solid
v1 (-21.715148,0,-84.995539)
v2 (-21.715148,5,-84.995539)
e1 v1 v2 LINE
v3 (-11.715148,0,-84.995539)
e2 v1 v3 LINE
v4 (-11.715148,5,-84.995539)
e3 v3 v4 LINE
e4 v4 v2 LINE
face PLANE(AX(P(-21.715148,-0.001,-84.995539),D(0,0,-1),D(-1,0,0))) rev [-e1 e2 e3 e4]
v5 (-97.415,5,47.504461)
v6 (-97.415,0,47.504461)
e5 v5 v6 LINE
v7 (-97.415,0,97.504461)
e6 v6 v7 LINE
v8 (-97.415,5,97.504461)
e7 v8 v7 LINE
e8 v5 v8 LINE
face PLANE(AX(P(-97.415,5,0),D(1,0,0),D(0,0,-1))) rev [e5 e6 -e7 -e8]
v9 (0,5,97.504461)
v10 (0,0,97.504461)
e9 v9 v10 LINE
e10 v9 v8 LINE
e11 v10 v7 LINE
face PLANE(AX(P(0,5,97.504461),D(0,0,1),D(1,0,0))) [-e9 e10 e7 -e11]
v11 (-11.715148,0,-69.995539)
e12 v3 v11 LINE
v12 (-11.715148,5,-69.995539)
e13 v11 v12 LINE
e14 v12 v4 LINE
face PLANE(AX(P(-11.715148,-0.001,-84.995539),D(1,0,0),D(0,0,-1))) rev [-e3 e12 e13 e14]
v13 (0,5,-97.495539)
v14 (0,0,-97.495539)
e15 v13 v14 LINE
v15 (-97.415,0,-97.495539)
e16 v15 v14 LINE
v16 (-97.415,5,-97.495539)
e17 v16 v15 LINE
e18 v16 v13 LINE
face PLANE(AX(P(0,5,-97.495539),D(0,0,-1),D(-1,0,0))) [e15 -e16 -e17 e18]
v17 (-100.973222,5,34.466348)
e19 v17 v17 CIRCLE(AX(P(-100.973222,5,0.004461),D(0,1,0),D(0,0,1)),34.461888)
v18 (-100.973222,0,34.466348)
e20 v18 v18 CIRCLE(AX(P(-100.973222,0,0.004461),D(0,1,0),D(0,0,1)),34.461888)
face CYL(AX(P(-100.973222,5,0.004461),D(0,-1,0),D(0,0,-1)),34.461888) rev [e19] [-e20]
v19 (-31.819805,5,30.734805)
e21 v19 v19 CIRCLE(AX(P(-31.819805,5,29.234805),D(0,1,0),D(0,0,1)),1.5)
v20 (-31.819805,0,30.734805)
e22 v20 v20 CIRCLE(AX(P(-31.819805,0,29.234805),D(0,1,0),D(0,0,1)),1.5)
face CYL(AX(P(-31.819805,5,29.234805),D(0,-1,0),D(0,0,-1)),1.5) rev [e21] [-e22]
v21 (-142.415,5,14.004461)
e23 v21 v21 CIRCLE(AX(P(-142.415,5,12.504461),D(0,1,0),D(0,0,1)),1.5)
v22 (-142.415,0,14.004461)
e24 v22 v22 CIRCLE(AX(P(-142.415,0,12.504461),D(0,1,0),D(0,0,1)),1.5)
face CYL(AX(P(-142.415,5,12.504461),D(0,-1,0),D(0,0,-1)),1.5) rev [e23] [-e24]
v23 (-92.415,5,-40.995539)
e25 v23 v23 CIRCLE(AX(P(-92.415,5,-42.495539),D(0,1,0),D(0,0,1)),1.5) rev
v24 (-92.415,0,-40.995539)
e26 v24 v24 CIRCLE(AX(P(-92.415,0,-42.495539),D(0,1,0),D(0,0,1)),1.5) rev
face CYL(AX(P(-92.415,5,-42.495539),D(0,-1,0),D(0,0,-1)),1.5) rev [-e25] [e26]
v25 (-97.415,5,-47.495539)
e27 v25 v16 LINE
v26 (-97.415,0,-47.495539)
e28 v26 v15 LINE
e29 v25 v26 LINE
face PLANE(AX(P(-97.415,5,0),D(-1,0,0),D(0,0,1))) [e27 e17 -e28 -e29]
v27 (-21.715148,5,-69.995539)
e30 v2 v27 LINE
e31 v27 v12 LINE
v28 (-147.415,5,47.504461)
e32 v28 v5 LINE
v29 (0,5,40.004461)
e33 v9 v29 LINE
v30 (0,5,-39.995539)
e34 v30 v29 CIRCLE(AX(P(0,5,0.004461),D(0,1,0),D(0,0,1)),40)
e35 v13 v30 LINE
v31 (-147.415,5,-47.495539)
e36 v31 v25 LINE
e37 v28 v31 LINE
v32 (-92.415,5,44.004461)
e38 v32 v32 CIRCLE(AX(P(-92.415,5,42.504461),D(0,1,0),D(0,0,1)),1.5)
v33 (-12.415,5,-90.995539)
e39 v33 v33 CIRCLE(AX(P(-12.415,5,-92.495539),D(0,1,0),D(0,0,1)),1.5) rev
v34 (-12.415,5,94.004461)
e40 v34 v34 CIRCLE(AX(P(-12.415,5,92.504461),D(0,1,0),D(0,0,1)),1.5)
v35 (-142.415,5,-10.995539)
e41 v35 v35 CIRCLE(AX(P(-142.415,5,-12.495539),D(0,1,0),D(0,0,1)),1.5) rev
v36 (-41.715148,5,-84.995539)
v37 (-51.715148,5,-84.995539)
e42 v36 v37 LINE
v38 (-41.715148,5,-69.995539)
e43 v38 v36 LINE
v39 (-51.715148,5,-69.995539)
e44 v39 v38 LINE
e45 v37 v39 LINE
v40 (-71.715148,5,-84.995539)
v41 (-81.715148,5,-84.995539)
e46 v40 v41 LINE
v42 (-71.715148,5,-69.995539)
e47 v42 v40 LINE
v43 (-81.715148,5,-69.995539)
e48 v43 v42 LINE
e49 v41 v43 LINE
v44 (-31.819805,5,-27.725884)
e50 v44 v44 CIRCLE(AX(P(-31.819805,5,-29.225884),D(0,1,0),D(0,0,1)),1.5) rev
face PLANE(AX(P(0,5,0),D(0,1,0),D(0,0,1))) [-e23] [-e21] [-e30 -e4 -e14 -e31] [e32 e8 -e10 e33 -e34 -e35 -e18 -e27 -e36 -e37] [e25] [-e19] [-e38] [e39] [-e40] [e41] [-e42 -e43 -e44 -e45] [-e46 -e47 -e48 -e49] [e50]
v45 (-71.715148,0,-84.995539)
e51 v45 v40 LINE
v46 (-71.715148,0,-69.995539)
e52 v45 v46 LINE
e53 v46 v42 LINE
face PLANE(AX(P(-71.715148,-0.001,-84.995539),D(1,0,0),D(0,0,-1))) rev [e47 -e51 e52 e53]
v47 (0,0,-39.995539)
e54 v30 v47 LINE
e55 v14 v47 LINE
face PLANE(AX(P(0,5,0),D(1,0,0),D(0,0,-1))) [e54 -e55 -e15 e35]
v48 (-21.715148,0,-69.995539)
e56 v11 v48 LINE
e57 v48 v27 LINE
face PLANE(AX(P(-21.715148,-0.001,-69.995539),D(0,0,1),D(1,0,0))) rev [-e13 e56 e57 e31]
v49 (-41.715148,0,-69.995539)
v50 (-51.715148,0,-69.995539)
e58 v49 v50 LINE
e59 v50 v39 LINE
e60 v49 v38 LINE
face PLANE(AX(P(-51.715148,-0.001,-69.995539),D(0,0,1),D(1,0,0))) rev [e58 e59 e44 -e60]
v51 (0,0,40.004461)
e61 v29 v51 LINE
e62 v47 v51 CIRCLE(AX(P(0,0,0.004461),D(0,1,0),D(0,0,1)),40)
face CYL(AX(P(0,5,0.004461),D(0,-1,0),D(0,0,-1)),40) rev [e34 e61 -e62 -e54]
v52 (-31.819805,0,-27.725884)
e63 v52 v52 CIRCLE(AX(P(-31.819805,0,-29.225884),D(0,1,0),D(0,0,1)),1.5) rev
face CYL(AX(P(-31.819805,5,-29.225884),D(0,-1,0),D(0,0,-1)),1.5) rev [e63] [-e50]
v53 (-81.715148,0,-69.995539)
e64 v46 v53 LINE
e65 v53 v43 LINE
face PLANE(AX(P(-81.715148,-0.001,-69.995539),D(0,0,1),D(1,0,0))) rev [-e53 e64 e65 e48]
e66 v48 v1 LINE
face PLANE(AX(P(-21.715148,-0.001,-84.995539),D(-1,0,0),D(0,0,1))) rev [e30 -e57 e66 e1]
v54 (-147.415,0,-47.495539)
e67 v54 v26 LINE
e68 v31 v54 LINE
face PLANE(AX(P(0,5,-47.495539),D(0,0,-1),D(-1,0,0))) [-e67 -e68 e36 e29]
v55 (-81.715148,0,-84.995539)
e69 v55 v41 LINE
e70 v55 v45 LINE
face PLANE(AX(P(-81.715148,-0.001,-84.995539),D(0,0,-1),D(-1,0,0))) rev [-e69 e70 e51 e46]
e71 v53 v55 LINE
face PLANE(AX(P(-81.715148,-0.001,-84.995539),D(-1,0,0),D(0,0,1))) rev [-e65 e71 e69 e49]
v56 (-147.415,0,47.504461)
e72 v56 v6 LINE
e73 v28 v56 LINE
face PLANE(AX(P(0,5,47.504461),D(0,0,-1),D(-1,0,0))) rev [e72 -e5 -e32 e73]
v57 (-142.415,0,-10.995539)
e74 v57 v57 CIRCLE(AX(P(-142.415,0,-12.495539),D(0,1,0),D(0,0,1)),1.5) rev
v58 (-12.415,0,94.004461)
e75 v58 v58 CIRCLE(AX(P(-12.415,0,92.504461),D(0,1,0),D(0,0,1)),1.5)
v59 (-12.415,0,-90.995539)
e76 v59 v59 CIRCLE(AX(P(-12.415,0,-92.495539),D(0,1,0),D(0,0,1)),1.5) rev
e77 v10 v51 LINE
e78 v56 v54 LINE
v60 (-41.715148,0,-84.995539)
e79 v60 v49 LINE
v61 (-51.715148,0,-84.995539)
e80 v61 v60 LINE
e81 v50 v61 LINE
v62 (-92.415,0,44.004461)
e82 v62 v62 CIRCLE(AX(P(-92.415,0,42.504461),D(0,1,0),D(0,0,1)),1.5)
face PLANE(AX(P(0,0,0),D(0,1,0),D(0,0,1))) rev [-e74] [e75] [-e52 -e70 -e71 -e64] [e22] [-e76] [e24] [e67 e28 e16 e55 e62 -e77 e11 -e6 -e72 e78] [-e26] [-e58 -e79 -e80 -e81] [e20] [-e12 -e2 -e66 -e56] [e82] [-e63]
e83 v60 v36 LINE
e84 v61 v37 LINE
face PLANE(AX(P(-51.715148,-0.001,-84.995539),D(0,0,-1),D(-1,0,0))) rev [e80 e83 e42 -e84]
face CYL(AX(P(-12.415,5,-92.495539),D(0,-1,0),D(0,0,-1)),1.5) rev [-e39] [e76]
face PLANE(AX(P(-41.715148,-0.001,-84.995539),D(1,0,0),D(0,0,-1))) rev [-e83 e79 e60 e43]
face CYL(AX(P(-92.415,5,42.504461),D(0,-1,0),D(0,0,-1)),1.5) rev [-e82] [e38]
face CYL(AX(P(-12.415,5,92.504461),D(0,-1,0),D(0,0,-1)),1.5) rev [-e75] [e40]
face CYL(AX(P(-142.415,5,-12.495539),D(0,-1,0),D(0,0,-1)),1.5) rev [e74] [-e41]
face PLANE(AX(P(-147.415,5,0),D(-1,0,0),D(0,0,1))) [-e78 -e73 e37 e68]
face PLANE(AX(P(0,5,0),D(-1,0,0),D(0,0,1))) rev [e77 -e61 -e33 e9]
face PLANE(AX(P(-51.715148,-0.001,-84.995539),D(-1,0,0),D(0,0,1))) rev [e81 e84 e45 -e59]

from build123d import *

# Parameters (mm, degrees)
ESQUISSE1_R             = 1.5
ESQUISSE1_R_2           = 34.4618877
BOSS_EXTRU_1_DEPTH      = 5
ENL_V_MAT_EXTRU_1_REACH = 178.814
ESQUISSE2_W             = 10
ESQUISSE2_H             = 15


with BuildPart() as part:
    # Esquisse1 → Boss.-Extru.1 (new body)
    with BuildSketch(Plane(origin=(0, 0, 0), x_dir=(1, 0, 0), z_dir=(0, 1, 0))):
        with BuildLine():
            Line((-97.415, -97.504460786), (0, -97.504460786))
            Line((0, -97.504460786), (0, -40.004460786))
            ThreePointArc((0, -40.004460786), (-40, -0.004460786), (0, 39.995539214))
            Line((0, 39.995539214), (0, 97.495539214))
            Line((0, 97.495539214), (-97.415, 97.495539214))
            Line((-97.415, 97.495539214), (-97.415, 47.495539214))
            Line((-97.415, 47.495539214), (-147.415, 47.495539214))
            Line((-147.415, 47.495539214), (-147.415, -47.504460786))
            Line((-147.415, -47.504460786), (-97.415, -47.504460786))
            Line((-97.415, -47.504460786), (-97.415, -97.504460786))
        make_face()
        with Locations(Location((-142.415, -12.504460786, 0), (0, 0, 270))):
            Circle(ESQUISSE1_R, mode=Mode.SUBTRACT)
        with Locations(Location((-92.415, -42.504460786, 0), (0, 0, 270))):
            Circle(ESQUISSE1_R, mode=Mode.SUBTRACT)
        with Locations(Location((-12.415, -92.504460786, 0), (0, 0, 270))):
            Circle(ESQUISSE1_R, mode=Mode.SUBTRACT)
        with Locations(Location((-31.819805153, -29.234805153, 0), (0, 0, 270))):
            Circle(ESQUISSE1_R, mode=Mode.SUBTRACT)
        with Locations(Location((-142.415, 12.495539214, 0), (0, 0, 270))):
            Circle(ESQUISSE1_R, mode=Mode.SUBTRACT)
        with Locations(Location((-100.973221988, -0.004460786, 0), (0, 0, 270))):
            Circle(ESQUISSE1_R_2, mode=Mode.SUBTRACT)
        with Locations(Location((-92.415, 42.495539214, 0), (0, 0, 270))):
            Circle(ESQUISSE1_R, mode=Mode.SUBTRACT)
        with Locations(Location((-31.819805153, 29.225883581, 0), (0, 0, 270))):
            Circle(ESQUISSE1_R, mode=Mode.SUBTRACT)
        with Locations(Location((-12.415, 92.495539214, 0), (0, 0, 270))):
            Circle(ESQUISSE1_R, mode=Mode.SUBTRACT)
    extrude(amount=BOSS_EXTRU_1_DEPTH)

    # Esquisse2 → Enlèv. mat.-Extru.1 (cut, up to next)
    with BuildSketch(Plane(origin=(0, 5, 0), x_dir=(1, 0, 0), z_dir=(0, 1, 0)), mode=Mode.PRIVATE) as enl_v_mat_extru_1_sk1:
        with Locations((-76.715147883, 77.495539214)):
            Rectangle(ESQUISSE2_W, ESQUISSE2_H)
    enl_v_mat_extru_1_tool1 = extrude(enl_v_mat_extru_1_sk1.sketch, amount=-ENL_V_MAT_EXTRU_1_REACH, mode=Mode.PRIVATE) & part.part
    # Esquisse2 → Enlèv. mat.-Extru.1 (cut, up to next)
    with BuildSketch(Plane(origin=(0, 5, 0), x_dir=(1, 0, 0), z_dir=(0, 1, 0)), mode=Mode.PRIVATE) as enl_v_mat_extru_1_sk2:
        with Locations((-46.715147883, 77.495539214)):
            Rectangle(ESQUISSE2_W, ESQUISSE2_H)
    enl_v_mat_extru_1_tool2 = extrude(enl_v_mat_extru_1_sk2.sketch, amount=-ENL_V_MAT_EXTRU_1_REACH, mode=Mode.PRIVATE) & part.part
    # Esquisse2 → Enlèv. mat.-Extru.1 (cut, up to next)
    with BuildSketch(Plane(origin=(0, 5, 0), x_dir=(1, 0, 0), z_dir=(0, 1, 0)), mode=Mode.PRIVATE) as enl_v_mat_extru_1_sk3:
        with Locations((-16.715147883, 77.495539214)):
            Rectangle(ESQUISSE2_W, ESQUISSE2_H)
    enl_v_mat_extru_1_tool3 = extrude(enl_v_mat_extru_1_sk3.sketch, amount=-ENL_V_MAT_EXTRU_1_REACH, mode=Mode.PRIVATE) & part.part
    add(enl_v_mat_extru_1_tool1.solids().sort_by_distance((-76.715148, 5, -77.495539))[0], mode=Mode.SUBTRACT)
    add(enl_v_mat_extru_1_tool2.solids().sort_by_distance((-46.715148, 5, -77.495539))[0], mode=Mode.SUBTRACT)
    add(enl_v_mat_extru_1_tool3.solids().sort_by_distance((-16.715148, 5, -77.495539))[0], mode=Mode.SUBTRACT)


solid = part.part
